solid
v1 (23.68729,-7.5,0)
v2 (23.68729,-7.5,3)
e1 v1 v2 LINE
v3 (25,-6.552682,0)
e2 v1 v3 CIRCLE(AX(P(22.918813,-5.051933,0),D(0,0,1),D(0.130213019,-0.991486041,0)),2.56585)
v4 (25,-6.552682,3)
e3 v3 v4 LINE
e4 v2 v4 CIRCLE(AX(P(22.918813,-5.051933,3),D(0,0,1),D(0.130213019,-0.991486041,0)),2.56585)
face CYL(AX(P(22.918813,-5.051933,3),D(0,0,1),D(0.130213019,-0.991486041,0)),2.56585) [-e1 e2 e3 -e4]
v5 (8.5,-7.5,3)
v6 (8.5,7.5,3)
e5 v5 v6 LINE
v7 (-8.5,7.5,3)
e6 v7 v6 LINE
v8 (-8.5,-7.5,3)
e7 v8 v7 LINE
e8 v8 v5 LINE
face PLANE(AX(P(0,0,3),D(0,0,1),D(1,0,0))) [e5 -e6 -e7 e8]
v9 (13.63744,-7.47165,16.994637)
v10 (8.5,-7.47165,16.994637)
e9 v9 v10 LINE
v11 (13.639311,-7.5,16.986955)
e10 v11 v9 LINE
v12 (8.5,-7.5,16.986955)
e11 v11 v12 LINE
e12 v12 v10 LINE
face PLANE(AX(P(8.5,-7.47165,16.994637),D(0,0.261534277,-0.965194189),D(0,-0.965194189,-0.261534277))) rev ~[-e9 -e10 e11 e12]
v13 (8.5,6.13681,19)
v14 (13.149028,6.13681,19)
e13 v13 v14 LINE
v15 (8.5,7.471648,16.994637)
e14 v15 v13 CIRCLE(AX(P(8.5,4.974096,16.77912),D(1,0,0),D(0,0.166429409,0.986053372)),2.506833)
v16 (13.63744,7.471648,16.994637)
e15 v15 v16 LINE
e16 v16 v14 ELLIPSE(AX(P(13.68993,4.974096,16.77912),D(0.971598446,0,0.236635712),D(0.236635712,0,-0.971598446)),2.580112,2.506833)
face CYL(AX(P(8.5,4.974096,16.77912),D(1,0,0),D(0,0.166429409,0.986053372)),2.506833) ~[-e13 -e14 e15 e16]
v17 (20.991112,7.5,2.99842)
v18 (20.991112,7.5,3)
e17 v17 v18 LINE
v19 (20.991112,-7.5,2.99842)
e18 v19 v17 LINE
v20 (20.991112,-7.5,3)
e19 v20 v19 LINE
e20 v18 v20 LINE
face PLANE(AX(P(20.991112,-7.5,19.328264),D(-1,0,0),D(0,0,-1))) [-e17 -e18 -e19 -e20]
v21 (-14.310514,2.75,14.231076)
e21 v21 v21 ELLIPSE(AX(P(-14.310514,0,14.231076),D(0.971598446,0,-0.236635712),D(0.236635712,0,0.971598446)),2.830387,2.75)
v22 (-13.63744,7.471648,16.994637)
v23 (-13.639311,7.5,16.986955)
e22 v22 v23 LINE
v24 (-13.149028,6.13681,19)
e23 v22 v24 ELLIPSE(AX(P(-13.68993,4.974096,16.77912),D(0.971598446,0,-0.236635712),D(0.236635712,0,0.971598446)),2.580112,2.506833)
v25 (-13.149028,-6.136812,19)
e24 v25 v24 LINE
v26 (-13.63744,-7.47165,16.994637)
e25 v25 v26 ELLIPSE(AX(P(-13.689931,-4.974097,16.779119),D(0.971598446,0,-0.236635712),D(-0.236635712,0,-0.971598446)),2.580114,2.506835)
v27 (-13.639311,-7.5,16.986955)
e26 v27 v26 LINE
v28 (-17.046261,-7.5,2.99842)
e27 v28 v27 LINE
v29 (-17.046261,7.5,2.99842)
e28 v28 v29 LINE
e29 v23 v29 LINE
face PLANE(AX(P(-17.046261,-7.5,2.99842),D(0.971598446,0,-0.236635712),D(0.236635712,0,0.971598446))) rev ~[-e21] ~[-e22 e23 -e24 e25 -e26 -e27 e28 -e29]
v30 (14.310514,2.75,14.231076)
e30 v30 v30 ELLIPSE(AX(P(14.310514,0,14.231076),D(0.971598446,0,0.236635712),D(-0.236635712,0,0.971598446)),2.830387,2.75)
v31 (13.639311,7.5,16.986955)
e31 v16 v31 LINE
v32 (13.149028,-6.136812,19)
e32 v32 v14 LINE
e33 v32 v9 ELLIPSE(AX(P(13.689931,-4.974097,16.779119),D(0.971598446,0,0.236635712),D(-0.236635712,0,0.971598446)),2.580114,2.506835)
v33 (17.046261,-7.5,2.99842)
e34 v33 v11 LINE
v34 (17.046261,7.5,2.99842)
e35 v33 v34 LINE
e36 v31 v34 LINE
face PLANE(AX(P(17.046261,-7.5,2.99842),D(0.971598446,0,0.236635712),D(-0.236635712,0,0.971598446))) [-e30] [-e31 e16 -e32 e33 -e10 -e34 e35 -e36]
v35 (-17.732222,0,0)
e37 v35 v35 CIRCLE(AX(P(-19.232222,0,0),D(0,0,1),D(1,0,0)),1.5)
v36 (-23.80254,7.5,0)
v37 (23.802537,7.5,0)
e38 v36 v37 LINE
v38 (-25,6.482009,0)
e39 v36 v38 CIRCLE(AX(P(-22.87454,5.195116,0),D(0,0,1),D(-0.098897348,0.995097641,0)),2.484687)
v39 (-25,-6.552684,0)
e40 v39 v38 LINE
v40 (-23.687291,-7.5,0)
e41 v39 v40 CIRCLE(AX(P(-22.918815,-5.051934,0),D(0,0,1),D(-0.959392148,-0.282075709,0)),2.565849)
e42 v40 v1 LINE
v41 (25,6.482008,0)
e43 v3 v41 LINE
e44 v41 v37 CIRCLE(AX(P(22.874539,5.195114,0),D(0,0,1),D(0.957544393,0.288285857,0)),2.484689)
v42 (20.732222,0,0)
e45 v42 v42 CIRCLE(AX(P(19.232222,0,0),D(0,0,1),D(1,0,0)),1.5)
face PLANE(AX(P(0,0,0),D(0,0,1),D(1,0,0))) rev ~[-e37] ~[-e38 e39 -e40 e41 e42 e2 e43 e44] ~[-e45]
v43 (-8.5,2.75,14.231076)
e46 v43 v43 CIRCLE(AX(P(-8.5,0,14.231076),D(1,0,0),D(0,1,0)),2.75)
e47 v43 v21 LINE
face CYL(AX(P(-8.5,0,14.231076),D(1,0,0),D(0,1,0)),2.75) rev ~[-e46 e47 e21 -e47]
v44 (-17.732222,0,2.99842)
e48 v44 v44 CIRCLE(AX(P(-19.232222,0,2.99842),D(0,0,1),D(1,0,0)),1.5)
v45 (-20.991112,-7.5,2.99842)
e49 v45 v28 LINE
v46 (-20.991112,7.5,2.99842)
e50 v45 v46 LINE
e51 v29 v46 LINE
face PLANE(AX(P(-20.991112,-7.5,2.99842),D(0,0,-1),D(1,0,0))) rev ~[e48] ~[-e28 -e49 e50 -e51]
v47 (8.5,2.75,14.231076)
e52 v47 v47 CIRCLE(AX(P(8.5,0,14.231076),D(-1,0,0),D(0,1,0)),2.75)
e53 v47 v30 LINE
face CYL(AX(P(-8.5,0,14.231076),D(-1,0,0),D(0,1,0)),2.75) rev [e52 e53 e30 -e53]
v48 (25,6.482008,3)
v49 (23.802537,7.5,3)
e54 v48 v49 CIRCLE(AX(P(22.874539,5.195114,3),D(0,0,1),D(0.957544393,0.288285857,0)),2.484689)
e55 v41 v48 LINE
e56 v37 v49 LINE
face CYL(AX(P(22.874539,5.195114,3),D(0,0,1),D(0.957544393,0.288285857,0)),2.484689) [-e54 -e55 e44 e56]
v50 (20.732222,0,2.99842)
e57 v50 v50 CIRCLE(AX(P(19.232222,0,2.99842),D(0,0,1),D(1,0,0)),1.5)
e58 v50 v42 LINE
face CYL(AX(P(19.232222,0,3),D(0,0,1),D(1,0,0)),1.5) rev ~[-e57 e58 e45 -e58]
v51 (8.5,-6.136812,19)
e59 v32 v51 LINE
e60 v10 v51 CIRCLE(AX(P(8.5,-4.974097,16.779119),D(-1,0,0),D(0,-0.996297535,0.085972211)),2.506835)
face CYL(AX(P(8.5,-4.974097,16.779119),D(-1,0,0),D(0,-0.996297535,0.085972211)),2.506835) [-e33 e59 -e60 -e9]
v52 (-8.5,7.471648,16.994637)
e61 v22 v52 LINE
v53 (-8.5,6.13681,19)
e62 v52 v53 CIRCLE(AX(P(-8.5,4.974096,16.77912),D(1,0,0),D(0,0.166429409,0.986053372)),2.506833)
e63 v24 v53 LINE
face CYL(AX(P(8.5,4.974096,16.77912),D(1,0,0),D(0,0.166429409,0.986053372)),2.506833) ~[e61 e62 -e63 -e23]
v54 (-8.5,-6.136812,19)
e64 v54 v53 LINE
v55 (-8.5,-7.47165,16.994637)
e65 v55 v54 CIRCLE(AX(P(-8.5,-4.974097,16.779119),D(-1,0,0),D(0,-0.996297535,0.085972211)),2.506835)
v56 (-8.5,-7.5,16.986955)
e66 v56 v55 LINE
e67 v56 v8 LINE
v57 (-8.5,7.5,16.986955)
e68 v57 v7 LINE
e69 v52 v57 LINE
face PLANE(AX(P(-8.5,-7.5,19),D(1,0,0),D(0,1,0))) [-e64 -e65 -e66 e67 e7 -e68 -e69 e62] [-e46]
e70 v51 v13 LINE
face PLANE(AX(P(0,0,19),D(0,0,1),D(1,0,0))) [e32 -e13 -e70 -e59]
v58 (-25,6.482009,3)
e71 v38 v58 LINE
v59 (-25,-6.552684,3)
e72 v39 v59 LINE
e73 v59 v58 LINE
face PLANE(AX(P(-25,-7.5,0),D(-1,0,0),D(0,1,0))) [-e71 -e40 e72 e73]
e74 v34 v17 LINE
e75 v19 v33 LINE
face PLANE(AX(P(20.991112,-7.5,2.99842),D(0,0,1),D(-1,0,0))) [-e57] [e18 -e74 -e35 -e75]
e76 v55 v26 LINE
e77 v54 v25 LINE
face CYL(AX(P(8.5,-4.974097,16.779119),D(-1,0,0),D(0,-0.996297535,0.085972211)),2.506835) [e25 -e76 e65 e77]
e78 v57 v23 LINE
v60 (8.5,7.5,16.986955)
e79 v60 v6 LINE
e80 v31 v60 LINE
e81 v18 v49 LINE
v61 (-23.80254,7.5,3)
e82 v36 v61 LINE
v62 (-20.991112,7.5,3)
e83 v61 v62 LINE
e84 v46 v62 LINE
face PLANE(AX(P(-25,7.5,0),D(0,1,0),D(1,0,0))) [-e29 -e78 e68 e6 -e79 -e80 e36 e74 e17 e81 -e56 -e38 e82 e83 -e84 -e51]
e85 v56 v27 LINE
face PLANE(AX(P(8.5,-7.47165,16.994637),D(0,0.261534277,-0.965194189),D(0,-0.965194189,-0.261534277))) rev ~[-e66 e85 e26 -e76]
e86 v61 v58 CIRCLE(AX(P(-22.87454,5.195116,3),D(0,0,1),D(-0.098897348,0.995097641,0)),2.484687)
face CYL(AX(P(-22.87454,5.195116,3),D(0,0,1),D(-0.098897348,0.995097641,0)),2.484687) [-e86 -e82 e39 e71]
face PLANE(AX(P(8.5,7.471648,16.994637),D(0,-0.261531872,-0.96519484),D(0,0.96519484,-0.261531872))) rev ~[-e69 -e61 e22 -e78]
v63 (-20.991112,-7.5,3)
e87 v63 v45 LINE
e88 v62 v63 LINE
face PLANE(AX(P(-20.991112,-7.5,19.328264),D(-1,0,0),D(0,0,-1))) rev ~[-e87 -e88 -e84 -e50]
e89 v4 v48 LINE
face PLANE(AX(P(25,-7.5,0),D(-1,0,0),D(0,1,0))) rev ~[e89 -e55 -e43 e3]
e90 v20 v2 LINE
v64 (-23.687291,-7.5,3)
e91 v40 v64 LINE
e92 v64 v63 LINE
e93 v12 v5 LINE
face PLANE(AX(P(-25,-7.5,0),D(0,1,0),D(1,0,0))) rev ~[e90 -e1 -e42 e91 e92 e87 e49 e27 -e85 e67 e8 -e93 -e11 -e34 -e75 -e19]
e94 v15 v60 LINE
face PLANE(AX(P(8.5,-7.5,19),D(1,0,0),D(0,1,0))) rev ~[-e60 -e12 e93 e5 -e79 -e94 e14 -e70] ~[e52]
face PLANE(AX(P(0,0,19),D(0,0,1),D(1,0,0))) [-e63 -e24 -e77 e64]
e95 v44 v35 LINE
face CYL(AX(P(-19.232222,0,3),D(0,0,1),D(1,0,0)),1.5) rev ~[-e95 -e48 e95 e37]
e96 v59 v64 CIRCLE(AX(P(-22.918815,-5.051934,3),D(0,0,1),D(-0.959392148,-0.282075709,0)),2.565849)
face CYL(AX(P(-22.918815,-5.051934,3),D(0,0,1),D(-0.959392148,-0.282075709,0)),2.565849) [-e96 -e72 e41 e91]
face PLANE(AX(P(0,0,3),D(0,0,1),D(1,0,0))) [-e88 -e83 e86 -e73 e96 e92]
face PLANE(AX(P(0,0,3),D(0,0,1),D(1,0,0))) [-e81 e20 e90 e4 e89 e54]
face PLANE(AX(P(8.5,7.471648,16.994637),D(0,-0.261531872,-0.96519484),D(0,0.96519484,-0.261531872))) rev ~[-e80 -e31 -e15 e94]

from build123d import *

# Parameters (mm, degrees)
SKETCH_W        = 50
SKETCH_H        = 15
PAD_DEPTH       = 3
SKETCH001_W     = 40
SKETCH001_H     = 15
PAD001_DEPTH    = 16
POCKET_DEPTH    = 30
SKETCH011_W     = 17
SKETCH011_H     = 15
POCKET001_DEPTH = 16
SKETCH004_R     = 2.75
HOLE_DEPTH      = 25
HOLE001_DEPTH   = 25
HOLE001_TIPS_R  = 2.75
POCKET002_DEPTH = 35
POCKET003_DEPTH = 5
SKETCH007_R     = 1.5
POCKET004_DEPTH = 10


with BuildPart() as part:
    # Sketch → Pad (new body)
    with BuildSketch(Plane.XY):
        Rectangle(SKETCH_W, SKETCH_H)
    extrude(amount=PAD_DEPTH)

    # Sketch001 (on Face6 of Pad) → Pad001 (join)
    with BuildSketch(Plane.XY.offset(3)):
        Rectangle(SKETCH001_W, SKETCH001_H)
    extrude(amount=PAD001_DEPTH)

    # Sketch002 (on Face9 of Pad001) → Pocket (cut)
    with BuildSketch(Plane.XZ.offset(7.5)):
        Polygon((-17.046261, 2.99842), (-13.147281, 19.007174), (-20.991112, 19.328264), (-20.991112, 2.99842), align=None)
        Polygon((17.046261, 2.99842), (13.147281, 19.007174), (20.991112, 19.328264), (20.991112, 2.99842), align=None)
    extrude(amount=-POCKET_DEPTH, mode=Mode.SUBTRACT)

    # Sketch011 (on Face11 of Pocket) → Pocket001 (cut)
    with BuildSketch(Plane.XY.offset(19)):
        Rectangle(SKETCH011_W, SKETCH011_H)
    extrude(amount=-POCKET001_DEPTH, mode=Mode.SUBTRACT)

    # Sketch004 → Hole (cut)
    with BuildSketch(Plane.YZ.offset(-8.5)):
        with Locations((0, 14.231076)):
            Circle(SKETCH004_R)
    extrude(amount=-HOLE_DEPTH, mode=Mode.SUBTRACT)

    # Sketch004 → Hole001 (cut)
    with BuildSketch(Plane.YZ.offset(-8.5)):
        with Locations((0, 14.231076)):
            Circle(SKETCH004_R)
    extrude(amount=HOLE001_DEPTH, mode=Mode.SUBTRACT)

    # Hole001 tips → Hole001 tip 1 section 0
    with BuildSketch(Plane.YZ.offset(16.5), mode=Mode.PRIVATE) as hole001_tip_1_s0:
        with Locations((0, 14.231076)):
            Circle(HOLE001_TIPS_R)
    loft([hole001_tip_1_s0.sketch, Vertex(18.152367, 0, 14.231076)], mode=Mode.SUBTRACT)

    # Sketch005 → Pocket002 (cut, symmetric)
    with BuildSketch(Plane(origin=(8.5, 0, 0), x_dir=(0, -1, 0), z_dir=(-1, 0, 0))):
        with BuildLine():
            ThreePointArc((-5.391307, 19.250991), (-6.817122, 18.478375), (-7.471648, 16.994637))
            Line((-7.471648, 16.994637), (-7.674281, 16.939731))
            Line((-7.674281, 16.939731), (-7.674281, 19.250991))
            Line((-5.391307, 19.250991), (-7.674281, 19.250991))
        make_face()
        with BuildLine():
            ThreePointArc((7.47165, 16.994637), (6.817123, 18.478376), (5.391307, 19.250992))
            Line((5.391307, 19.250992), (7.674281, 19.250992))
            Line((7.674281, 16.939731), (7.674281, 19.250992))
            Line((7.47165, 16.994637), (7.674281, 16.939731))
        make_face()
    extrude(amount=POCKET002_DEPTH, both=True, mode=Mode.SUBTRACT)

    # Sketch006 → Pocket003 (cut)
    with BuildSketch(Plane.XY.offset(3)):
        with BuildLine():
            ThreePointArc((-23.120269, 7.667623), (-24.453663, 7.11346), (-25.253739, 5.911415))
            Line((-25.253739, 5.911415), (-25.253739, 7.71409))
            Line((-25.253739, 7.71409), (-23.120269, 7.667623))
        make_face()
        with BuildLine():
            ThreePointArc((-25.38047, -5.775698), (-24.586864, -7.001599), (-23.25292, -7.595938))
            Line((-25.38047, -7.584312), (-23.25292, -7.595938))
            Line((-25.38047, -5.775698), (-25.38047, -7.584312))
        make_face()
        with BuildLine():
            ThreePointArc((25.253739, 5.911415), (24.453663, 7.113459), (23.12027, 7.667622))
            Line((25.253739, 7.71409), (23.12027, 7.667622))
            Line((25.253739, 5.911415), (25.253739, 7.71409))
        make_face()
        with BuildLine():
            ThreePointArc((23.25292, -7.595938), (24.586863, -7.001599), (25.380469, -5.775699))
            Line((25.380469, -5.775699), (25.380469, -7.584312))
            Line((25.380469, -7.584312), (23.25292, -7.595938))
        make_face()
    extrude(amount=-POCKET003_DEPTH, mode=Mode.SUBTRACT)

    # Sketch007 → Pocket004 (cut)
    with BuildSketch(Plane.XY.offset(3)):
        with Locations((-19.232222, 0)):
            Circle(SKETCH007_R)
        with Locations((19.232222, 0)):
            Circle(SKETCH007_R)
    extrude(amount=-POCKET004_DEPTH, mode=Mode.SUBTRACT)


solid = part.part
